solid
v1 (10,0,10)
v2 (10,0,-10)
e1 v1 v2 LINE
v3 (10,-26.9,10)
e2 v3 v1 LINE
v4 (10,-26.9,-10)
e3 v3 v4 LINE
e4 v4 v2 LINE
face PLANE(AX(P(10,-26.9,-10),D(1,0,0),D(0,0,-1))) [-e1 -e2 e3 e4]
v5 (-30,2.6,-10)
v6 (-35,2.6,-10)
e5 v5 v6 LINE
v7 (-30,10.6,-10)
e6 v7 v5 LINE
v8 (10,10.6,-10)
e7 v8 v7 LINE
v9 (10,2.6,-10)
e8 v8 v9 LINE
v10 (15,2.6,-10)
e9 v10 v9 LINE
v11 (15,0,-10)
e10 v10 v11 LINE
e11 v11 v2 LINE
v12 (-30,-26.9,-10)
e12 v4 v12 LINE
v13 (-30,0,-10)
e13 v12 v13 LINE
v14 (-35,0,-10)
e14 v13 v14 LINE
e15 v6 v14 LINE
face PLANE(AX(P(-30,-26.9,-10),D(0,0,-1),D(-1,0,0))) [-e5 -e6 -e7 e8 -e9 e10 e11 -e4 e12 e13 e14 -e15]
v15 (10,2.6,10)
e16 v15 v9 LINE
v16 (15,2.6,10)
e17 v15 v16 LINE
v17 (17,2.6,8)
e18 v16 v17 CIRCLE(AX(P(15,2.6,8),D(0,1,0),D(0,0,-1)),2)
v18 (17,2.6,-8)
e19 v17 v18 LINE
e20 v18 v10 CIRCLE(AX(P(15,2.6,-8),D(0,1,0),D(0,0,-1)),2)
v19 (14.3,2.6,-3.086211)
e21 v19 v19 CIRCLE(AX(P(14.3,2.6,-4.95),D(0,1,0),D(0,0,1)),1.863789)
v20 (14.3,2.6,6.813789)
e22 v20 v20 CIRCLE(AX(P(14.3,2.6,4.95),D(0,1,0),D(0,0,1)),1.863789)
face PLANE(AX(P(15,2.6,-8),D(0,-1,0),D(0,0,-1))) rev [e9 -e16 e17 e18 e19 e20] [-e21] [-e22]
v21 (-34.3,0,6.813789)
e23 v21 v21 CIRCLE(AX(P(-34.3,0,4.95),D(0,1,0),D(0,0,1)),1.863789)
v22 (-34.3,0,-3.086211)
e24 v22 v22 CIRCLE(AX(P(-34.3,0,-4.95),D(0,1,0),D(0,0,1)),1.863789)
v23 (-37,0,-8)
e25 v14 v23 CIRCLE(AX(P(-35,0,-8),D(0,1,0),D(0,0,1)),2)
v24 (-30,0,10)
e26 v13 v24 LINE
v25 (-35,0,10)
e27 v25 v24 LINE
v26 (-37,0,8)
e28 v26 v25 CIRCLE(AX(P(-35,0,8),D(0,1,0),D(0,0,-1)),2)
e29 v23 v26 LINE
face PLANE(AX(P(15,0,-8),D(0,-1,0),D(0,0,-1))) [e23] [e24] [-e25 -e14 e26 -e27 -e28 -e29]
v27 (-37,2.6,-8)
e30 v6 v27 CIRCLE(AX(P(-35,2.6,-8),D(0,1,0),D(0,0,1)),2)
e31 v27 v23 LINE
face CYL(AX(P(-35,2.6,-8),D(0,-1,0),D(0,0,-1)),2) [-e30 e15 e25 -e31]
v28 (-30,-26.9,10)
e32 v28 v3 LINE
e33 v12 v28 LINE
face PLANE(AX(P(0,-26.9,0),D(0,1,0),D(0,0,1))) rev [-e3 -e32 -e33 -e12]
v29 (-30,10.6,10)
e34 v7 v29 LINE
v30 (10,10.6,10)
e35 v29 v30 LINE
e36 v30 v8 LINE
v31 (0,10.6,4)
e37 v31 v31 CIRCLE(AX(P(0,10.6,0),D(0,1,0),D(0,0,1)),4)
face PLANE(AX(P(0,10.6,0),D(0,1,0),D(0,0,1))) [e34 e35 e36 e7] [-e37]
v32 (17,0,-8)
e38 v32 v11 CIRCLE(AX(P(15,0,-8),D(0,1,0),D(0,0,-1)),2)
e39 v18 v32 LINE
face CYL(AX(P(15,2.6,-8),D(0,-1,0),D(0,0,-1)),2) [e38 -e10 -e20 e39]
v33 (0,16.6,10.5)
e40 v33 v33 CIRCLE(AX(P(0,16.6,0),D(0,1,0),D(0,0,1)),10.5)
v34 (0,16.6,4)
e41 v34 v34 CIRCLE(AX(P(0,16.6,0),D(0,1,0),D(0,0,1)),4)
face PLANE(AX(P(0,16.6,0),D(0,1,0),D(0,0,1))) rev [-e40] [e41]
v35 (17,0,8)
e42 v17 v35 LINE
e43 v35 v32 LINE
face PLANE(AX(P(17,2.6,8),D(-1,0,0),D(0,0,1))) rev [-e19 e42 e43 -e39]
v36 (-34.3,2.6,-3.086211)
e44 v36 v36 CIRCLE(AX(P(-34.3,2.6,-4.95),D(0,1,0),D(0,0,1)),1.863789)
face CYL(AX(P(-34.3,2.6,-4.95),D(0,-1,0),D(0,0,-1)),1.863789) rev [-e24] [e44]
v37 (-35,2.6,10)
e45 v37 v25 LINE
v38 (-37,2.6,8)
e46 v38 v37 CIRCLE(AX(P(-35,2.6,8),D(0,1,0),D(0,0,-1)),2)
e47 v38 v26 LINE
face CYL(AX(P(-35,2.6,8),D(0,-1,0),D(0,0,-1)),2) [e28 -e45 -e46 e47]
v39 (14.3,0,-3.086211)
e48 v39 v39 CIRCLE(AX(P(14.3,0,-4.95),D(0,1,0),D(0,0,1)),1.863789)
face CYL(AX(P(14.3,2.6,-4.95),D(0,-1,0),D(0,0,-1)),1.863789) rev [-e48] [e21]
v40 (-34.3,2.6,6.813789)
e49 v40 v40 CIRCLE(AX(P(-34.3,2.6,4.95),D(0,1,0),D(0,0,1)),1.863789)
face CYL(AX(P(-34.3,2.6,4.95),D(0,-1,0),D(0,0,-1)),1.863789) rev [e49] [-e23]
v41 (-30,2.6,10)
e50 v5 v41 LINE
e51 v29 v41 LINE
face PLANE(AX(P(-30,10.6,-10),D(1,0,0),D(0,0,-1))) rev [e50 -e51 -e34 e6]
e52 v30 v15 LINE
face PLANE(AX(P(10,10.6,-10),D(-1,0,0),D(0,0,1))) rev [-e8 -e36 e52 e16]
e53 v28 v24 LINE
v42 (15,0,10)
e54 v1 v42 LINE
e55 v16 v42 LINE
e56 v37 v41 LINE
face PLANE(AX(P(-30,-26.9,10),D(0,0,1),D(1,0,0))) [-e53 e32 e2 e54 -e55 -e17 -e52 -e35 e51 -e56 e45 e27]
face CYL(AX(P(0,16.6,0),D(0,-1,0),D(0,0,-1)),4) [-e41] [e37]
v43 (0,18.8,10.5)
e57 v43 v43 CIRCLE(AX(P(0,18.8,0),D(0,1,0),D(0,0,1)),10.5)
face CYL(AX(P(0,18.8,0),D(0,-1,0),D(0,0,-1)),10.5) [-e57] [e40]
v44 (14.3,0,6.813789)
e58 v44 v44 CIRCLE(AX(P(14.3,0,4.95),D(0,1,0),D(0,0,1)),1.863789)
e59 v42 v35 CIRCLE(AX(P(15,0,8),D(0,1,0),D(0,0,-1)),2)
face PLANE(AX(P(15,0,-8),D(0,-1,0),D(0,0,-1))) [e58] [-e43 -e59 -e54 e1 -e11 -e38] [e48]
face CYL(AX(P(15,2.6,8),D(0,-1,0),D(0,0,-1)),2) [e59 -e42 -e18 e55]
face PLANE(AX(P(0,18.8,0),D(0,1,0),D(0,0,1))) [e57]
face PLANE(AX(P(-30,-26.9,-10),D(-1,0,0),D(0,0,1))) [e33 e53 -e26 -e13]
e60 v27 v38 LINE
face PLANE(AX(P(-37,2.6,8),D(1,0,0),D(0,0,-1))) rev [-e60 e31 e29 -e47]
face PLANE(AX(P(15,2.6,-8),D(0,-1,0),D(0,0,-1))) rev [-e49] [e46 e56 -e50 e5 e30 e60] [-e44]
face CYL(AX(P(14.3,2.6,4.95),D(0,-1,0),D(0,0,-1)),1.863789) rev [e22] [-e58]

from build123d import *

# Parameters (mm, degrees)
SKETCH_1_W      = 40
SKETCH_1_H      = 20
EXTRUDE_1_DEPTH = 26.9
SKETCH_2_R      = 1.863789346
EXTRUDE_2_DEPTH = 2.6
SKETCH_3_W      = 40
SKETCH_3_H      = 20
EXTRUDE_3_DEPTH = 8
SKETCH_4_R      = 4
EXTRUDE_4_DEPTH = 6
SKETCH_5_R      = 10.5
EXTRUDE_5_DEPTH = 2.2


with BuildPart() as part:
    # 草图1 → 凸台-拉伸1 (new body)
    with BuildSketch(Plane(origin=(0, 0, 0), x_dir=(1, 0, 0), z_dir=(0, 1, 0))):
        with Locations((-10, 0)):
            Rectangle(SKETCH_1_W, SKETCH_1_H)
    extrude(amount=-EXTRUDE_1_DEPTH)

    # 草图2 → 凸台-拉伸2 (add)
    with BuildSketch(Plane(origin=(0, 0, 0), x_dir=(1, 0, 0), z_dir=(0, 1, 0))):
        with BuildLine():
            Line((-35, -10), (15, -10))
            ThreePointArc((15, -10), (16.414213562, -9.414213562), (17, -8))
            Line((17, -8), (17, 8))
            ThreePointArc((17, 8), (16.414213562, 9.414213562), (15, 10))
            Line((15, 10), (-35, 10))
            ThreePointArc((-35, 10), (-36.414213562, 9.414213562), (-37, 8))
            Line((-37, 8), (-37, -8))
            ThreePointArc((-37, -8), (-36.414213562, -9.414213562), (-35, -10))
        make_face()
        with Locations(Location((-34.3, -4.95, 0), (0, 0, 270))):
            Circle(SKETCH_2_R, mode=Mode.SUBTRACT)
        with Locations(Location((-34.3, 4.95, 0), (0, 0, 270))):
            Circle(SKETCH_2_R, mode=Mode.SUBTRACT)
        with Locations(Location((14.3, -4.95, 0), (0, 0, 270))):
            Circle(SKETCH_2_R, mode=Mode.SUBTRACT)
        with Locations(Location((14.3, 4.95, 0), (0, 0, 270))):
            Circle(SKETCH_2_R, mode=Mode.SUBTRACT)
    extrude(amount=EXTRUDE_2_DEPTH)

    # 草图3 → 凸台-拉伸3 (add)
    with BuildSketch(Plane(origin=(0, 2.6, 0), x_dir=(1, 0, 0), z_dir=(0, 1, 0))):
        with Locations((-10, 0)):
            Rectangle(SKETCH_3_W, SKETCH_3_H)
    extrude(amount=EXTRUDE_3_DEPTH)

    # 草图4 → 凸台-拉伸4 (add)
    with BuildSketch(Plane(origin=(0, 10.6, 0), x_dir=(1, 0, 0), z_dir=(0, 1, 0))):
        with Locations(Location((0, 0, 0), (0, 0, 270))):
            Circle(SKETCH_4_R)
    extrude(amount=EXTRUDE_4_DEPTH)

    # 草图5 → 凸台-拉伸5 (add)
    with BuildSketch(Plane(origin=(0, 16.6, 0), x_dir=(1, 0, 0), z_dir=(0, 1, 0))):
        with Locations(Location((0, 0, 0), (0, 0, 270))):
            Circle(SKETCH_5_R)
    extrude(amount=EXTRUDE_5_DEPTH)


solid = part.part
